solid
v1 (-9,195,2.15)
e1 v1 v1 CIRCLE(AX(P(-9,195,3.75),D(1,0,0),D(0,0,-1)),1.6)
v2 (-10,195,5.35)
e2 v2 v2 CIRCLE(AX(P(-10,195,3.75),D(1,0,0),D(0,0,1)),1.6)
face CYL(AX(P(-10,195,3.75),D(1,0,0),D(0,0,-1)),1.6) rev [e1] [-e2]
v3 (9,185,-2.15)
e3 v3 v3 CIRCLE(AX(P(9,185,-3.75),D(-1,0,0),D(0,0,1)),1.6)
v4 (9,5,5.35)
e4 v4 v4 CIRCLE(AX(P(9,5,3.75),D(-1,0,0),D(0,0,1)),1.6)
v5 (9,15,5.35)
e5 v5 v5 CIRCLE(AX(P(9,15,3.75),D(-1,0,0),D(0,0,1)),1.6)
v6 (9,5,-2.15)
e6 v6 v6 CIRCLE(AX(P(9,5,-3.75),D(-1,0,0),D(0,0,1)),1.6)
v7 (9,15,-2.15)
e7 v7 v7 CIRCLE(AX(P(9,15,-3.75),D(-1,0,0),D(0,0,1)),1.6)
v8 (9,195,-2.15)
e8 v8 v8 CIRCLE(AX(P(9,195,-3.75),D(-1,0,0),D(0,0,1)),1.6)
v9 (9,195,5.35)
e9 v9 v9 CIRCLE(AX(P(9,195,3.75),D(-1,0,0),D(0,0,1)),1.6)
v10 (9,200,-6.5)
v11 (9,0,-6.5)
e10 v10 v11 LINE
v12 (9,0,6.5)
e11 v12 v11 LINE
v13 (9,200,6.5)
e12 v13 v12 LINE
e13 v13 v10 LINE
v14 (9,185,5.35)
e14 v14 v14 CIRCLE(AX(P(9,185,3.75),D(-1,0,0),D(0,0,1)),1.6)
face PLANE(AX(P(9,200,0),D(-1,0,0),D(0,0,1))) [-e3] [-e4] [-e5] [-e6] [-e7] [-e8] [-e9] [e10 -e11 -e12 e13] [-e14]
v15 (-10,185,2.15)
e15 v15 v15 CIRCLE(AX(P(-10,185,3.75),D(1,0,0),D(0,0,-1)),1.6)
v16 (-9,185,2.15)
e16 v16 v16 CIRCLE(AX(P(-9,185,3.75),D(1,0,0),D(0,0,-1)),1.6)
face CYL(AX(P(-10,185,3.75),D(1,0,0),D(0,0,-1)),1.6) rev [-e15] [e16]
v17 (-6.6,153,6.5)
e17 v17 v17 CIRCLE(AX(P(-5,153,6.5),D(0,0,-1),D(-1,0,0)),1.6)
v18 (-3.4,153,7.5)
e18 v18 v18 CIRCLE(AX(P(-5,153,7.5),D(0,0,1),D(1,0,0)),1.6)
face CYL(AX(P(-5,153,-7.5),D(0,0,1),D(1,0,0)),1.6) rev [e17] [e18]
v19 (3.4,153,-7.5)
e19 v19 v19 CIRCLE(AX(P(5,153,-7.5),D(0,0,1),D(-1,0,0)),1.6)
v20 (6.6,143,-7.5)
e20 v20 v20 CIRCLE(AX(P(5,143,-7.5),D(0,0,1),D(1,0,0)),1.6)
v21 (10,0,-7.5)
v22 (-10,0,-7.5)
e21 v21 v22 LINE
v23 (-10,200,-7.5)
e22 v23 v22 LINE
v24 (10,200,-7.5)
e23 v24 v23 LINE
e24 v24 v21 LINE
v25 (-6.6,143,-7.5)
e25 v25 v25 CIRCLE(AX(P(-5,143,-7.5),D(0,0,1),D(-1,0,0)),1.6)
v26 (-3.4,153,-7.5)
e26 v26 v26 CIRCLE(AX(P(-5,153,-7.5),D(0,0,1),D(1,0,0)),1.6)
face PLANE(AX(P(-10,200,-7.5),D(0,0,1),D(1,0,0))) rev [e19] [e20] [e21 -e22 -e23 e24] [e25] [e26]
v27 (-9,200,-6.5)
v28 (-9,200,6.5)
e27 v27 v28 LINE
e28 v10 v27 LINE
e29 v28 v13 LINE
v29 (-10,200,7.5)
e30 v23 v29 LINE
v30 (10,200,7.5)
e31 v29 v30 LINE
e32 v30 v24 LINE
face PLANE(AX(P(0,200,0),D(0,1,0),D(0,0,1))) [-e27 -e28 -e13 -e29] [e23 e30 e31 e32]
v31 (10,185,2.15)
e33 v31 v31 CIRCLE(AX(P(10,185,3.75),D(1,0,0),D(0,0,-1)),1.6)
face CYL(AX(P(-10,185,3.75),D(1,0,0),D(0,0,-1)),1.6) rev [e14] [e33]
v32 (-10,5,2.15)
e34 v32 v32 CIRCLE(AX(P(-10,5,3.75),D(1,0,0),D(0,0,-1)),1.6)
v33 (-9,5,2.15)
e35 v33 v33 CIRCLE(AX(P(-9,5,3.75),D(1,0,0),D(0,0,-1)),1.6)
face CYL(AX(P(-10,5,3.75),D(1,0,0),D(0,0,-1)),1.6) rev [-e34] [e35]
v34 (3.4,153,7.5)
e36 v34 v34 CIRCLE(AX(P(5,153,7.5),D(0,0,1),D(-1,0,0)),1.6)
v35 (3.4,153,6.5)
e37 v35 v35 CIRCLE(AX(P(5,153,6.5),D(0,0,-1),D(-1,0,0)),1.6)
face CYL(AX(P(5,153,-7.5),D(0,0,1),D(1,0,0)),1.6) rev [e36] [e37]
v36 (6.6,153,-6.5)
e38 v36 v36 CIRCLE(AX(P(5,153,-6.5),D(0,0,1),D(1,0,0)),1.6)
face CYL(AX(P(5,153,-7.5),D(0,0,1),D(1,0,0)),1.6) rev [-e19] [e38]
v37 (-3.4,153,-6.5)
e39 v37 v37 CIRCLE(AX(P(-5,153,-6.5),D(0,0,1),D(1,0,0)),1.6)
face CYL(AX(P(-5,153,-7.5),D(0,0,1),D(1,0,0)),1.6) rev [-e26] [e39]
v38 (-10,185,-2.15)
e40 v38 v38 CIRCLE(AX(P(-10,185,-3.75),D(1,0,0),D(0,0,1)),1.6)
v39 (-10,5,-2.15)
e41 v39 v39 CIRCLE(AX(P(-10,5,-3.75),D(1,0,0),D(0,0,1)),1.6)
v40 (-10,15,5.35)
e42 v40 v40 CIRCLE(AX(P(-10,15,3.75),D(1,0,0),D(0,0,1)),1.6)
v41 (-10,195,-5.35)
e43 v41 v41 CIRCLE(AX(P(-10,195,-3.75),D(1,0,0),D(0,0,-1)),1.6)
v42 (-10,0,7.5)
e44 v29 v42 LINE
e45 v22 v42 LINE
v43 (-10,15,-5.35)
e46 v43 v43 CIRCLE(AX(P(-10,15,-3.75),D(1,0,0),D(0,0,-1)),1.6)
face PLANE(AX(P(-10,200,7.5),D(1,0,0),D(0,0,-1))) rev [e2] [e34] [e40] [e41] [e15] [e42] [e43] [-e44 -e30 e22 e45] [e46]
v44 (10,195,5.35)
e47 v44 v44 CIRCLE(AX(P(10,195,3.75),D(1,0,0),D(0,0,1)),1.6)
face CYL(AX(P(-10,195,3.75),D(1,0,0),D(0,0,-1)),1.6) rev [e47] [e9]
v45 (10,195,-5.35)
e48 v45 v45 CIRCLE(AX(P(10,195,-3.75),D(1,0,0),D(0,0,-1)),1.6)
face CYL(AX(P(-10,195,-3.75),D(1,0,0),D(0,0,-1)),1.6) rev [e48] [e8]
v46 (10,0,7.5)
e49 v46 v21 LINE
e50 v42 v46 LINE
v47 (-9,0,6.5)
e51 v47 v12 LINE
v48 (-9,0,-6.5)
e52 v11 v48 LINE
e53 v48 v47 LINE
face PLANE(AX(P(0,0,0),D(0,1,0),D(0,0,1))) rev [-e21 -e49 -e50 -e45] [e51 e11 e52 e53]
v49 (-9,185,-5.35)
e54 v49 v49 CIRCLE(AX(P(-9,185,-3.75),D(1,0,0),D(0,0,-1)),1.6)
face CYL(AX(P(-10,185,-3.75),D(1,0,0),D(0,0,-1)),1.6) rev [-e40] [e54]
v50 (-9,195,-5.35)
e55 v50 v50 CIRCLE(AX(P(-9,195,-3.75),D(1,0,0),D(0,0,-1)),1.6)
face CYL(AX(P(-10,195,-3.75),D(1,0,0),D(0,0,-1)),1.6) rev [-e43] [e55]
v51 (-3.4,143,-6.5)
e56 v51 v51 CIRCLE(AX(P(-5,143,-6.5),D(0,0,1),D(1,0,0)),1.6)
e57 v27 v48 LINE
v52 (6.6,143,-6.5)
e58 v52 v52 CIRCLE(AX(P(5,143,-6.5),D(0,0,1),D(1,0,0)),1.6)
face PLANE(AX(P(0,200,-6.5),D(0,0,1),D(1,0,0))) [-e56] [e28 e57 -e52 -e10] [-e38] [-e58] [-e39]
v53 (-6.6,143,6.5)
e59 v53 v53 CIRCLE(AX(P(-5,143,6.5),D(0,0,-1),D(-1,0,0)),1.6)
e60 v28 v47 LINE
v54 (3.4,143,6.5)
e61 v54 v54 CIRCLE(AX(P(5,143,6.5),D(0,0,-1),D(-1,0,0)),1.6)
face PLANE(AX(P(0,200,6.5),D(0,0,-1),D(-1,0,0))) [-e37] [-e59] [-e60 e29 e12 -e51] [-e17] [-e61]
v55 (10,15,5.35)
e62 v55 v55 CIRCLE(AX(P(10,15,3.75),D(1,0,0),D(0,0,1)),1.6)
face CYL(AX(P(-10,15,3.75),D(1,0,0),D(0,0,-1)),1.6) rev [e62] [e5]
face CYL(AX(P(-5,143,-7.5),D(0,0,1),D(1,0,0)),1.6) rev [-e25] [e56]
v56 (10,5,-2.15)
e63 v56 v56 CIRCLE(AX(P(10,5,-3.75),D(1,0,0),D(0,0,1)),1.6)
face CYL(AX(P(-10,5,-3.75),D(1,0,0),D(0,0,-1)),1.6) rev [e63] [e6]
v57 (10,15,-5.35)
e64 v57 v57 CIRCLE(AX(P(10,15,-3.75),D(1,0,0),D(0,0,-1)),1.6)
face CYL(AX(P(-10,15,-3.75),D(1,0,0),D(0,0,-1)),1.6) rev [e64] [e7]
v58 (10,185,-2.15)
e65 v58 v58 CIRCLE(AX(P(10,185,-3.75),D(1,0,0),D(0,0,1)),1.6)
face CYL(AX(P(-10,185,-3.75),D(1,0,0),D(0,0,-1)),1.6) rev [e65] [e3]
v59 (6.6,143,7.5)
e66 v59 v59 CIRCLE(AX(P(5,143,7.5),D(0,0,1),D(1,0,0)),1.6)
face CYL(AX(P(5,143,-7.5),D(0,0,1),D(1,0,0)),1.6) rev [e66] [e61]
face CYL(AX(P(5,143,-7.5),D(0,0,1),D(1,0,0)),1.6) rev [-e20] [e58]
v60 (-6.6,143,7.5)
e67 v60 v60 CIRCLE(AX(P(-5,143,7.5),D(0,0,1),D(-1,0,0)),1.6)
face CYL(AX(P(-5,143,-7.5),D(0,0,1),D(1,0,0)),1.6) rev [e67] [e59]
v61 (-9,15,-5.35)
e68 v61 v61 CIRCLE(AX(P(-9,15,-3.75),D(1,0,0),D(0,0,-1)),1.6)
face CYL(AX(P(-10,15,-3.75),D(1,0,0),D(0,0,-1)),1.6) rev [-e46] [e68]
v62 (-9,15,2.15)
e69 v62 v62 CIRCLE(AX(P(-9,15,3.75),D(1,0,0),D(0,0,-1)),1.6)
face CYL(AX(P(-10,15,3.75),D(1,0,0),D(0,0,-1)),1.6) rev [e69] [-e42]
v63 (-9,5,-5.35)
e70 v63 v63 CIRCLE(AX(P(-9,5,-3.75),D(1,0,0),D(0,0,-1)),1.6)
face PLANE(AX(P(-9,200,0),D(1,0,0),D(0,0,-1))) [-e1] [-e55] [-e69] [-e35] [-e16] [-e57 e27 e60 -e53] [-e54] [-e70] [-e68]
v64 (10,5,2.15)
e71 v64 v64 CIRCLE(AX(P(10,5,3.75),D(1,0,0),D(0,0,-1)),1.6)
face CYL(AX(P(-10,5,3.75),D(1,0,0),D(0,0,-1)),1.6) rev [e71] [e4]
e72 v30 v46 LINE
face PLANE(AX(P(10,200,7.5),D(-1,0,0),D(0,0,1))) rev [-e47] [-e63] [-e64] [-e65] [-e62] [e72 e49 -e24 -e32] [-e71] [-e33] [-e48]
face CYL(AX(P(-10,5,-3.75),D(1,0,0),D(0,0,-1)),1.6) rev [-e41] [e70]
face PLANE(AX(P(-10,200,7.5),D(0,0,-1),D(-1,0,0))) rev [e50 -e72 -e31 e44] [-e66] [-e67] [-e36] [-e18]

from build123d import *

# Parameters (mm, degrees)
SKETCH_1_W          = 20
SKETCH_1_H          = 15
SKETCH_1_W_2        = 18
SKETCH_1_H_2        = 13
EXTRUDE_1_DEPTH     = 200
SKETCH_3_R          = 1.6
CUT_EXTRUDE_1_DEPTH = 201.81085628
SKETCH_4_R          = 1.6
CUT_EXTRUDE_2_DEPTH = 202.137390855


with BuildPart() as part:
    # 草图1 → 拉伸-薄壁1 (new body)
    with BuildSketch(Plane(origin=(0, 0, 0), x_dir=(1, 0, 0), z_dir=(0, 1, 0))):
        Rectangle(SKETCH_1_W, SKETCH_1_H)
        Rectangle(SKETCH_1_W_2, SKETCH_1_H_2, mode=Mode.SUBTRACT)
    extrude(amount=EXTRUDE_1_DEPTH)

    # 草图3 → 切除-拉伸1 (cut, through all)
    with BuildSketch(Plane.XY.offset(7.5)):
        with Locations((-5, 153)):
            Circle(SKETCH_3_R)
        with Locations(Location((-5, 143, 0), (0, 0, 180))):
            Circle(SKETCH_3_R)
        with Locations((5, 143)):
            Circle(SKETCH_3_R)
        with Locations(Location((5, 153, 0), (0, 0, 180))):
            Circle(SKETCH_3_R)
    extrude(amount=-CUT_EXTRUDE_1_DEPTH, mode=Mode.SUBTRACT)

    # 草图4 → 切除-拉伸2 (cut, through all)
    with BuildSketch(Plane(origin=(10, 0, 0), x_dir=(0, 0, -1), z_dir=(1, 0, 0))):
        with Locations((-3.75, 5)):
            Circle(SKETCH_4_R)
        with Locations((-3.75, 15)):
            Circle(SKETCH_4_R)
        with Locations((3.75, 5)):
            Circle(SKETCH_4_R)
        with Locations((3.75, 15)):
            Circle(SKETCH_4_R)
        with Locations((3.75, 185)):
            Circle(SKETCH_4_R)
        with Locations((3.75, 195)):
            Circle(SKETCH_4_R)
        with Locations((-3.75, 185)):
            Circle(SKETCH_4_R)
        with Locations((-3.75, 195)):
            Circle(SKETCH_4_R)
    extrude(amount=-CUT_EXTRUDE_2_DEPTH, mode=Mode.SUBTRACT)


solid = part.part
